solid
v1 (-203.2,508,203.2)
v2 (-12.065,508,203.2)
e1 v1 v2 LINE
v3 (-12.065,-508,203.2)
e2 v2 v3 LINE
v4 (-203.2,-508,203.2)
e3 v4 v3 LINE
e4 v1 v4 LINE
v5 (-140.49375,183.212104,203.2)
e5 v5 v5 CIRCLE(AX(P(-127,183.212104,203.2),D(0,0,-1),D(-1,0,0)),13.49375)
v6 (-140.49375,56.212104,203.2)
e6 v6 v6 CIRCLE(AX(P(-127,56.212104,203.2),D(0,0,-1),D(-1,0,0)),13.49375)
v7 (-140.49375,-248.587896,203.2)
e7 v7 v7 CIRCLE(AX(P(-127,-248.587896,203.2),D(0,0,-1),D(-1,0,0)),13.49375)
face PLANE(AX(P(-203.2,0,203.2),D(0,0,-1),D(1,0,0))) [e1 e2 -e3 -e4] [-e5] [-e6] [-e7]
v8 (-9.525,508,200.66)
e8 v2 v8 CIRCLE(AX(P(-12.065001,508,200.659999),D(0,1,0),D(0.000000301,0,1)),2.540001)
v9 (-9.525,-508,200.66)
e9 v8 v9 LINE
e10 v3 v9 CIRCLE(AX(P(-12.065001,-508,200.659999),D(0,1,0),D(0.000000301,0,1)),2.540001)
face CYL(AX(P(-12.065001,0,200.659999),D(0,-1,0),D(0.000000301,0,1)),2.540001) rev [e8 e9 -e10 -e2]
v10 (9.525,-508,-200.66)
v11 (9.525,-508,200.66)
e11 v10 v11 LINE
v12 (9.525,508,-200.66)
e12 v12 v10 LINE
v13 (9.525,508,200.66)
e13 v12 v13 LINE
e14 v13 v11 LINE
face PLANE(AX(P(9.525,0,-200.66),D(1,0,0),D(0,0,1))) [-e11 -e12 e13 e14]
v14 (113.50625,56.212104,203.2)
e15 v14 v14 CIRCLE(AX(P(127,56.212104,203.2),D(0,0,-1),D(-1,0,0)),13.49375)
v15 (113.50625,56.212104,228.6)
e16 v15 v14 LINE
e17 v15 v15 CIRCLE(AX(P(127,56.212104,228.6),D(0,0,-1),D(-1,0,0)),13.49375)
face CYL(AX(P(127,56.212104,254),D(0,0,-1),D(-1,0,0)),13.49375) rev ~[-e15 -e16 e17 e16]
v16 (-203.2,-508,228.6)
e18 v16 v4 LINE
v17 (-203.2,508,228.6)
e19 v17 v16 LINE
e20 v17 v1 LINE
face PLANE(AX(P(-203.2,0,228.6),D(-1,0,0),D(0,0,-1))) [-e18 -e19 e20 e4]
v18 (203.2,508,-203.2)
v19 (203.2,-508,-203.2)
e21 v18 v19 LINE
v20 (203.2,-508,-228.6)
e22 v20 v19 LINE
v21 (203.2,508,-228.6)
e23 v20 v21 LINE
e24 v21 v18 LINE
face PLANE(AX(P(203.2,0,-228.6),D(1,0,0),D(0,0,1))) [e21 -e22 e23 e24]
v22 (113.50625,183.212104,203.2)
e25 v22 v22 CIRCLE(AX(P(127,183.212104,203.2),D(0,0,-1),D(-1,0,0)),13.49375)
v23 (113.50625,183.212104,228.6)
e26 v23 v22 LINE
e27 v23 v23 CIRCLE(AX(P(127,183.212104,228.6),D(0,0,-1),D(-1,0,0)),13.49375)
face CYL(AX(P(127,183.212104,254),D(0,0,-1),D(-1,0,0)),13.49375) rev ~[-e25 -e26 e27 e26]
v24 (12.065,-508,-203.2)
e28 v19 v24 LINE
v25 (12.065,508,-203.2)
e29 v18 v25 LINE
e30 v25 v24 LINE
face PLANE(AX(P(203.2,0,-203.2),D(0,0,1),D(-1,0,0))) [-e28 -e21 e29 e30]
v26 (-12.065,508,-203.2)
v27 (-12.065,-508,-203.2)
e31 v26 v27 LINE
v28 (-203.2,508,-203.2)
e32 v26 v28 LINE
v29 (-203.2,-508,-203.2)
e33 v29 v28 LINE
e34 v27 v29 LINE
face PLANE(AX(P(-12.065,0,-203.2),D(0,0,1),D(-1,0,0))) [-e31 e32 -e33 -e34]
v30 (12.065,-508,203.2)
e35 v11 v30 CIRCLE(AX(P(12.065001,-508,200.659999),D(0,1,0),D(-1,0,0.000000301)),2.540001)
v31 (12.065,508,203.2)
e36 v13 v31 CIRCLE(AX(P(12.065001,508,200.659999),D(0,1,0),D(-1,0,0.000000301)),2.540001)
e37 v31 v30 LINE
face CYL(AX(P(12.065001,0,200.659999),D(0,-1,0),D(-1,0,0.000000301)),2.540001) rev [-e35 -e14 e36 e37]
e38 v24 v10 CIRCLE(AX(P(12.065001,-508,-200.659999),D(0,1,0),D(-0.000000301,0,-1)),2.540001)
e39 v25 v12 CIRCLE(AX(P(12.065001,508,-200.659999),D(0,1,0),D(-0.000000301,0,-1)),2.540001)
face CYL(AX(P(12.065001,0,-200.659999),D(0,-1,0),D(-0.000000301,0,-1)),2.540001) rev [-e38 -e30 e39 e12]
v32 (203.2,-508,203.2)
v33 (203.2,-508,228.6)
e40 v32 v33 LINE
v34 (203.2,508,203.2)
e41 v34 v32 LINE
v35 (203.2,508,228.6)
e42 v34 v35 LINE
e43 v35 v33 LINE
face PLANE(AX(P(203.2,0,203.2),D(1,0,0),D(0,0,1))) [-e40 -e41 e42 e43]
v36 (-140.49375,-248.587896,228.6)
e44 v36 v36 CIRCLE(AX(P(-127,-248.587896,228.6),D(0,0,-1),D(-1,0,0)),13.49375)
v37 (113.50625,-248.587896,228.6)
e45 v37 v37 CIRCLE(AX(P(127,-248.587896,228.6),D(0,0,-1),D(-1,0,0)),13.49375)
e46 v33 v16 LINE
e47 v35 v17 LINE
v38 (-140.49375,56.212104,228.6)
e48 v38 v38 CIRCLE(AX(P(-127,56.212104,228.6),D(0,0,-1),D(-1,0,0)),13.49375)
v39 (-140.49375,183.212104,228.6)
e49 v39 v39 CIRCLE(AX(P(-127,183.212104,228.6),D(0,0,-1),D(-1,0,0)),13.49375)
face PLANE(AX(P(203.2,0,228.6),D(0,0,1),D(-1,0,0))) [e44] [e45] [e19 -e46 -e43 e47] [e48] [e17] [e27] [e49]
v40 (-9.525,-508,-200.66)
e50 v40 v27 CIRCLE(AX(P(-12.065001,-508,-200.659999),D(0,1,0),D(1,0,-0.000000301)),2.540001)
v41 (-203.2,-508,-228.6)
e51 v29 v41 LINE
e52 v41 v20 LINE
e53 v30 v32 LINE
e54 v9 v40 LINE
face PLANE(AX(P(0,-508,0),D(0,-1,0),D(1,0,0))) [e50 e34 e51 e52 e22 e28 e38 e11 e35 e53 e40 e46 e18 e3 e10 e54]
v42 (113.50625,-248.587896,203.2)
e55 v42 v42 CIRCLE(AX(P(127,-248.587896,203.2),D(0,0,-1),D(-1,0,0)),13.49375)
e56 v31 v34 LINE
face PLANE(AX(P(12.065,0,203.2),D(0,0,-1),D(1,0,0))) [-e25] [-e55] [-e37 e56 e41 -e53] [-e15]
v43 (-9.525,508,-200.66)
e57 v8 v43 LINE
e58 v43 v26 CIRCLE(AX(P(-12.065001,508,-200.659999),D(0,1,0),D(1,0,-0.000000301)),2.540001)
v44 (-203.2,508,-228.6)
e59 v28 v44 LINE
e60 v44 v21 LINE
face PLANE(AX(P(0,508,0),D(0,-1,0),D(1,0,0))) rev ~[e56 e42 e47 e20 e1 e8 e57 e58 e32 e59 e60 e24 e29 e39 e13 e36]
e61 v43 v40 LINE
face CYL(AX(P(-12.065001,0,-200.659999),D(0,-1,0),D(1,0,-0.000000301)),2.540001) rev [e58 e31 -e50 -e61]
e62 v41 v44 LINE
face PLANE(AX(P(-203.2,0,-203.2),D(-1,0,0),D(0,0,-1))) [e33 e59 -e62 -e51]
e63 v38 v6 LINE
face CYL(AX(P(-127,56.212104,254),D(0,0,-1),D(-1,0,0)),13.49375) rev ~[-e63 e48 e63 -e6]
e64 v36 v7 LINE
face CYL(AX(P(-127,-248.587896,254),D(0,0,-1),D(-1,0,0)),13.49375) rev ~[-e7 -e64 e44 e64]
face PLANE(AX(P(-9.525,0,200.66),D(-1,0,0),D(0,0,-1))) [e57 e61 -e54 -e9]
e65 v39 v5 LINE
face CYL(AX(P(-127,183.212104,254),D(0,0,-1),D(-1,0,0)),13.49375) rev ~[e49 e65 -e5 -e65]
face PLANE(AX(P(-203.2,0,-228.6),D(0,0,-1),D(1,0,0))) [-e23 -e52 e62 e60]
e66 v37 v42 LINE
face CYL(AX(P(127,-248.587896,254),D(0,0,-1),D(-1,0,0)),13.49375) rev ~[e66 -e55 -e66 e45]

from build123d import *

# Parameters (mm, degrees)
F1_DEPTH = 508
F3_D     = 26.9875
F3_DEPTH = 25.4


with BuildPart() as f1:
    # F0 (on Front) → F1 (new body, symmetric)
    with BuildSketch(Plane.XZ):
        with BuildLine():
            Line((203.2, -228.6), (203.2, -203.2))
            Line((203.2, -203.2), (12.065, -203.2))
            ThreePointArc((12.065, -203.2), (10.268949, -202.456051), (9.525, -200.66))
            Line((9.525, -200.66), (9.525, 200.66))
            ThreePointArc((9.525, 200.66), (10.268949, 202.456051), (12.065, 203.2))
            Line((12.065, 203.2), (203.2, 203.2))
            Line((203.2, 203.2), (203.2, 228.6))
            Line((203.2, 228.6), (-203.2, 228.6))
            Line((-203.2, 228.6), (-203.2, 203.2))
            Line((-203.2, 203.2), (-12.065, 203.2))
            ThreePointArc((-12.065, 203.2), (-10.268949, 202.456051), (-9.525, 200.66))
            Line((-9.525, 200.66), (-9.525, -200.66))
            ThreePointArc((-9.525, -200.66), (-10.268949, -202.456051), (-12.065, -203.2))
            Line((-12.065, -203.2), (-203.2, -203.2))
            Line((-203.2, -203.2), (-203.2, -228.6))
            Line((-203.2, -228.6), (203.2, -228.6))
        make_face()
    extrude(amount=F1_DEPTH, both=True)

    # F3
    with Locations(Plane.XY.offset(228.6)):
        with Locations((-127, 183.212104), (-127, 56.212104), (-127, -248.587896), (127, -248.587896), (127, 56.212104), (127, 183.212104)):
            Hole(F3_D / 2, depth=F3_DEPTH)


solid = f1.part
